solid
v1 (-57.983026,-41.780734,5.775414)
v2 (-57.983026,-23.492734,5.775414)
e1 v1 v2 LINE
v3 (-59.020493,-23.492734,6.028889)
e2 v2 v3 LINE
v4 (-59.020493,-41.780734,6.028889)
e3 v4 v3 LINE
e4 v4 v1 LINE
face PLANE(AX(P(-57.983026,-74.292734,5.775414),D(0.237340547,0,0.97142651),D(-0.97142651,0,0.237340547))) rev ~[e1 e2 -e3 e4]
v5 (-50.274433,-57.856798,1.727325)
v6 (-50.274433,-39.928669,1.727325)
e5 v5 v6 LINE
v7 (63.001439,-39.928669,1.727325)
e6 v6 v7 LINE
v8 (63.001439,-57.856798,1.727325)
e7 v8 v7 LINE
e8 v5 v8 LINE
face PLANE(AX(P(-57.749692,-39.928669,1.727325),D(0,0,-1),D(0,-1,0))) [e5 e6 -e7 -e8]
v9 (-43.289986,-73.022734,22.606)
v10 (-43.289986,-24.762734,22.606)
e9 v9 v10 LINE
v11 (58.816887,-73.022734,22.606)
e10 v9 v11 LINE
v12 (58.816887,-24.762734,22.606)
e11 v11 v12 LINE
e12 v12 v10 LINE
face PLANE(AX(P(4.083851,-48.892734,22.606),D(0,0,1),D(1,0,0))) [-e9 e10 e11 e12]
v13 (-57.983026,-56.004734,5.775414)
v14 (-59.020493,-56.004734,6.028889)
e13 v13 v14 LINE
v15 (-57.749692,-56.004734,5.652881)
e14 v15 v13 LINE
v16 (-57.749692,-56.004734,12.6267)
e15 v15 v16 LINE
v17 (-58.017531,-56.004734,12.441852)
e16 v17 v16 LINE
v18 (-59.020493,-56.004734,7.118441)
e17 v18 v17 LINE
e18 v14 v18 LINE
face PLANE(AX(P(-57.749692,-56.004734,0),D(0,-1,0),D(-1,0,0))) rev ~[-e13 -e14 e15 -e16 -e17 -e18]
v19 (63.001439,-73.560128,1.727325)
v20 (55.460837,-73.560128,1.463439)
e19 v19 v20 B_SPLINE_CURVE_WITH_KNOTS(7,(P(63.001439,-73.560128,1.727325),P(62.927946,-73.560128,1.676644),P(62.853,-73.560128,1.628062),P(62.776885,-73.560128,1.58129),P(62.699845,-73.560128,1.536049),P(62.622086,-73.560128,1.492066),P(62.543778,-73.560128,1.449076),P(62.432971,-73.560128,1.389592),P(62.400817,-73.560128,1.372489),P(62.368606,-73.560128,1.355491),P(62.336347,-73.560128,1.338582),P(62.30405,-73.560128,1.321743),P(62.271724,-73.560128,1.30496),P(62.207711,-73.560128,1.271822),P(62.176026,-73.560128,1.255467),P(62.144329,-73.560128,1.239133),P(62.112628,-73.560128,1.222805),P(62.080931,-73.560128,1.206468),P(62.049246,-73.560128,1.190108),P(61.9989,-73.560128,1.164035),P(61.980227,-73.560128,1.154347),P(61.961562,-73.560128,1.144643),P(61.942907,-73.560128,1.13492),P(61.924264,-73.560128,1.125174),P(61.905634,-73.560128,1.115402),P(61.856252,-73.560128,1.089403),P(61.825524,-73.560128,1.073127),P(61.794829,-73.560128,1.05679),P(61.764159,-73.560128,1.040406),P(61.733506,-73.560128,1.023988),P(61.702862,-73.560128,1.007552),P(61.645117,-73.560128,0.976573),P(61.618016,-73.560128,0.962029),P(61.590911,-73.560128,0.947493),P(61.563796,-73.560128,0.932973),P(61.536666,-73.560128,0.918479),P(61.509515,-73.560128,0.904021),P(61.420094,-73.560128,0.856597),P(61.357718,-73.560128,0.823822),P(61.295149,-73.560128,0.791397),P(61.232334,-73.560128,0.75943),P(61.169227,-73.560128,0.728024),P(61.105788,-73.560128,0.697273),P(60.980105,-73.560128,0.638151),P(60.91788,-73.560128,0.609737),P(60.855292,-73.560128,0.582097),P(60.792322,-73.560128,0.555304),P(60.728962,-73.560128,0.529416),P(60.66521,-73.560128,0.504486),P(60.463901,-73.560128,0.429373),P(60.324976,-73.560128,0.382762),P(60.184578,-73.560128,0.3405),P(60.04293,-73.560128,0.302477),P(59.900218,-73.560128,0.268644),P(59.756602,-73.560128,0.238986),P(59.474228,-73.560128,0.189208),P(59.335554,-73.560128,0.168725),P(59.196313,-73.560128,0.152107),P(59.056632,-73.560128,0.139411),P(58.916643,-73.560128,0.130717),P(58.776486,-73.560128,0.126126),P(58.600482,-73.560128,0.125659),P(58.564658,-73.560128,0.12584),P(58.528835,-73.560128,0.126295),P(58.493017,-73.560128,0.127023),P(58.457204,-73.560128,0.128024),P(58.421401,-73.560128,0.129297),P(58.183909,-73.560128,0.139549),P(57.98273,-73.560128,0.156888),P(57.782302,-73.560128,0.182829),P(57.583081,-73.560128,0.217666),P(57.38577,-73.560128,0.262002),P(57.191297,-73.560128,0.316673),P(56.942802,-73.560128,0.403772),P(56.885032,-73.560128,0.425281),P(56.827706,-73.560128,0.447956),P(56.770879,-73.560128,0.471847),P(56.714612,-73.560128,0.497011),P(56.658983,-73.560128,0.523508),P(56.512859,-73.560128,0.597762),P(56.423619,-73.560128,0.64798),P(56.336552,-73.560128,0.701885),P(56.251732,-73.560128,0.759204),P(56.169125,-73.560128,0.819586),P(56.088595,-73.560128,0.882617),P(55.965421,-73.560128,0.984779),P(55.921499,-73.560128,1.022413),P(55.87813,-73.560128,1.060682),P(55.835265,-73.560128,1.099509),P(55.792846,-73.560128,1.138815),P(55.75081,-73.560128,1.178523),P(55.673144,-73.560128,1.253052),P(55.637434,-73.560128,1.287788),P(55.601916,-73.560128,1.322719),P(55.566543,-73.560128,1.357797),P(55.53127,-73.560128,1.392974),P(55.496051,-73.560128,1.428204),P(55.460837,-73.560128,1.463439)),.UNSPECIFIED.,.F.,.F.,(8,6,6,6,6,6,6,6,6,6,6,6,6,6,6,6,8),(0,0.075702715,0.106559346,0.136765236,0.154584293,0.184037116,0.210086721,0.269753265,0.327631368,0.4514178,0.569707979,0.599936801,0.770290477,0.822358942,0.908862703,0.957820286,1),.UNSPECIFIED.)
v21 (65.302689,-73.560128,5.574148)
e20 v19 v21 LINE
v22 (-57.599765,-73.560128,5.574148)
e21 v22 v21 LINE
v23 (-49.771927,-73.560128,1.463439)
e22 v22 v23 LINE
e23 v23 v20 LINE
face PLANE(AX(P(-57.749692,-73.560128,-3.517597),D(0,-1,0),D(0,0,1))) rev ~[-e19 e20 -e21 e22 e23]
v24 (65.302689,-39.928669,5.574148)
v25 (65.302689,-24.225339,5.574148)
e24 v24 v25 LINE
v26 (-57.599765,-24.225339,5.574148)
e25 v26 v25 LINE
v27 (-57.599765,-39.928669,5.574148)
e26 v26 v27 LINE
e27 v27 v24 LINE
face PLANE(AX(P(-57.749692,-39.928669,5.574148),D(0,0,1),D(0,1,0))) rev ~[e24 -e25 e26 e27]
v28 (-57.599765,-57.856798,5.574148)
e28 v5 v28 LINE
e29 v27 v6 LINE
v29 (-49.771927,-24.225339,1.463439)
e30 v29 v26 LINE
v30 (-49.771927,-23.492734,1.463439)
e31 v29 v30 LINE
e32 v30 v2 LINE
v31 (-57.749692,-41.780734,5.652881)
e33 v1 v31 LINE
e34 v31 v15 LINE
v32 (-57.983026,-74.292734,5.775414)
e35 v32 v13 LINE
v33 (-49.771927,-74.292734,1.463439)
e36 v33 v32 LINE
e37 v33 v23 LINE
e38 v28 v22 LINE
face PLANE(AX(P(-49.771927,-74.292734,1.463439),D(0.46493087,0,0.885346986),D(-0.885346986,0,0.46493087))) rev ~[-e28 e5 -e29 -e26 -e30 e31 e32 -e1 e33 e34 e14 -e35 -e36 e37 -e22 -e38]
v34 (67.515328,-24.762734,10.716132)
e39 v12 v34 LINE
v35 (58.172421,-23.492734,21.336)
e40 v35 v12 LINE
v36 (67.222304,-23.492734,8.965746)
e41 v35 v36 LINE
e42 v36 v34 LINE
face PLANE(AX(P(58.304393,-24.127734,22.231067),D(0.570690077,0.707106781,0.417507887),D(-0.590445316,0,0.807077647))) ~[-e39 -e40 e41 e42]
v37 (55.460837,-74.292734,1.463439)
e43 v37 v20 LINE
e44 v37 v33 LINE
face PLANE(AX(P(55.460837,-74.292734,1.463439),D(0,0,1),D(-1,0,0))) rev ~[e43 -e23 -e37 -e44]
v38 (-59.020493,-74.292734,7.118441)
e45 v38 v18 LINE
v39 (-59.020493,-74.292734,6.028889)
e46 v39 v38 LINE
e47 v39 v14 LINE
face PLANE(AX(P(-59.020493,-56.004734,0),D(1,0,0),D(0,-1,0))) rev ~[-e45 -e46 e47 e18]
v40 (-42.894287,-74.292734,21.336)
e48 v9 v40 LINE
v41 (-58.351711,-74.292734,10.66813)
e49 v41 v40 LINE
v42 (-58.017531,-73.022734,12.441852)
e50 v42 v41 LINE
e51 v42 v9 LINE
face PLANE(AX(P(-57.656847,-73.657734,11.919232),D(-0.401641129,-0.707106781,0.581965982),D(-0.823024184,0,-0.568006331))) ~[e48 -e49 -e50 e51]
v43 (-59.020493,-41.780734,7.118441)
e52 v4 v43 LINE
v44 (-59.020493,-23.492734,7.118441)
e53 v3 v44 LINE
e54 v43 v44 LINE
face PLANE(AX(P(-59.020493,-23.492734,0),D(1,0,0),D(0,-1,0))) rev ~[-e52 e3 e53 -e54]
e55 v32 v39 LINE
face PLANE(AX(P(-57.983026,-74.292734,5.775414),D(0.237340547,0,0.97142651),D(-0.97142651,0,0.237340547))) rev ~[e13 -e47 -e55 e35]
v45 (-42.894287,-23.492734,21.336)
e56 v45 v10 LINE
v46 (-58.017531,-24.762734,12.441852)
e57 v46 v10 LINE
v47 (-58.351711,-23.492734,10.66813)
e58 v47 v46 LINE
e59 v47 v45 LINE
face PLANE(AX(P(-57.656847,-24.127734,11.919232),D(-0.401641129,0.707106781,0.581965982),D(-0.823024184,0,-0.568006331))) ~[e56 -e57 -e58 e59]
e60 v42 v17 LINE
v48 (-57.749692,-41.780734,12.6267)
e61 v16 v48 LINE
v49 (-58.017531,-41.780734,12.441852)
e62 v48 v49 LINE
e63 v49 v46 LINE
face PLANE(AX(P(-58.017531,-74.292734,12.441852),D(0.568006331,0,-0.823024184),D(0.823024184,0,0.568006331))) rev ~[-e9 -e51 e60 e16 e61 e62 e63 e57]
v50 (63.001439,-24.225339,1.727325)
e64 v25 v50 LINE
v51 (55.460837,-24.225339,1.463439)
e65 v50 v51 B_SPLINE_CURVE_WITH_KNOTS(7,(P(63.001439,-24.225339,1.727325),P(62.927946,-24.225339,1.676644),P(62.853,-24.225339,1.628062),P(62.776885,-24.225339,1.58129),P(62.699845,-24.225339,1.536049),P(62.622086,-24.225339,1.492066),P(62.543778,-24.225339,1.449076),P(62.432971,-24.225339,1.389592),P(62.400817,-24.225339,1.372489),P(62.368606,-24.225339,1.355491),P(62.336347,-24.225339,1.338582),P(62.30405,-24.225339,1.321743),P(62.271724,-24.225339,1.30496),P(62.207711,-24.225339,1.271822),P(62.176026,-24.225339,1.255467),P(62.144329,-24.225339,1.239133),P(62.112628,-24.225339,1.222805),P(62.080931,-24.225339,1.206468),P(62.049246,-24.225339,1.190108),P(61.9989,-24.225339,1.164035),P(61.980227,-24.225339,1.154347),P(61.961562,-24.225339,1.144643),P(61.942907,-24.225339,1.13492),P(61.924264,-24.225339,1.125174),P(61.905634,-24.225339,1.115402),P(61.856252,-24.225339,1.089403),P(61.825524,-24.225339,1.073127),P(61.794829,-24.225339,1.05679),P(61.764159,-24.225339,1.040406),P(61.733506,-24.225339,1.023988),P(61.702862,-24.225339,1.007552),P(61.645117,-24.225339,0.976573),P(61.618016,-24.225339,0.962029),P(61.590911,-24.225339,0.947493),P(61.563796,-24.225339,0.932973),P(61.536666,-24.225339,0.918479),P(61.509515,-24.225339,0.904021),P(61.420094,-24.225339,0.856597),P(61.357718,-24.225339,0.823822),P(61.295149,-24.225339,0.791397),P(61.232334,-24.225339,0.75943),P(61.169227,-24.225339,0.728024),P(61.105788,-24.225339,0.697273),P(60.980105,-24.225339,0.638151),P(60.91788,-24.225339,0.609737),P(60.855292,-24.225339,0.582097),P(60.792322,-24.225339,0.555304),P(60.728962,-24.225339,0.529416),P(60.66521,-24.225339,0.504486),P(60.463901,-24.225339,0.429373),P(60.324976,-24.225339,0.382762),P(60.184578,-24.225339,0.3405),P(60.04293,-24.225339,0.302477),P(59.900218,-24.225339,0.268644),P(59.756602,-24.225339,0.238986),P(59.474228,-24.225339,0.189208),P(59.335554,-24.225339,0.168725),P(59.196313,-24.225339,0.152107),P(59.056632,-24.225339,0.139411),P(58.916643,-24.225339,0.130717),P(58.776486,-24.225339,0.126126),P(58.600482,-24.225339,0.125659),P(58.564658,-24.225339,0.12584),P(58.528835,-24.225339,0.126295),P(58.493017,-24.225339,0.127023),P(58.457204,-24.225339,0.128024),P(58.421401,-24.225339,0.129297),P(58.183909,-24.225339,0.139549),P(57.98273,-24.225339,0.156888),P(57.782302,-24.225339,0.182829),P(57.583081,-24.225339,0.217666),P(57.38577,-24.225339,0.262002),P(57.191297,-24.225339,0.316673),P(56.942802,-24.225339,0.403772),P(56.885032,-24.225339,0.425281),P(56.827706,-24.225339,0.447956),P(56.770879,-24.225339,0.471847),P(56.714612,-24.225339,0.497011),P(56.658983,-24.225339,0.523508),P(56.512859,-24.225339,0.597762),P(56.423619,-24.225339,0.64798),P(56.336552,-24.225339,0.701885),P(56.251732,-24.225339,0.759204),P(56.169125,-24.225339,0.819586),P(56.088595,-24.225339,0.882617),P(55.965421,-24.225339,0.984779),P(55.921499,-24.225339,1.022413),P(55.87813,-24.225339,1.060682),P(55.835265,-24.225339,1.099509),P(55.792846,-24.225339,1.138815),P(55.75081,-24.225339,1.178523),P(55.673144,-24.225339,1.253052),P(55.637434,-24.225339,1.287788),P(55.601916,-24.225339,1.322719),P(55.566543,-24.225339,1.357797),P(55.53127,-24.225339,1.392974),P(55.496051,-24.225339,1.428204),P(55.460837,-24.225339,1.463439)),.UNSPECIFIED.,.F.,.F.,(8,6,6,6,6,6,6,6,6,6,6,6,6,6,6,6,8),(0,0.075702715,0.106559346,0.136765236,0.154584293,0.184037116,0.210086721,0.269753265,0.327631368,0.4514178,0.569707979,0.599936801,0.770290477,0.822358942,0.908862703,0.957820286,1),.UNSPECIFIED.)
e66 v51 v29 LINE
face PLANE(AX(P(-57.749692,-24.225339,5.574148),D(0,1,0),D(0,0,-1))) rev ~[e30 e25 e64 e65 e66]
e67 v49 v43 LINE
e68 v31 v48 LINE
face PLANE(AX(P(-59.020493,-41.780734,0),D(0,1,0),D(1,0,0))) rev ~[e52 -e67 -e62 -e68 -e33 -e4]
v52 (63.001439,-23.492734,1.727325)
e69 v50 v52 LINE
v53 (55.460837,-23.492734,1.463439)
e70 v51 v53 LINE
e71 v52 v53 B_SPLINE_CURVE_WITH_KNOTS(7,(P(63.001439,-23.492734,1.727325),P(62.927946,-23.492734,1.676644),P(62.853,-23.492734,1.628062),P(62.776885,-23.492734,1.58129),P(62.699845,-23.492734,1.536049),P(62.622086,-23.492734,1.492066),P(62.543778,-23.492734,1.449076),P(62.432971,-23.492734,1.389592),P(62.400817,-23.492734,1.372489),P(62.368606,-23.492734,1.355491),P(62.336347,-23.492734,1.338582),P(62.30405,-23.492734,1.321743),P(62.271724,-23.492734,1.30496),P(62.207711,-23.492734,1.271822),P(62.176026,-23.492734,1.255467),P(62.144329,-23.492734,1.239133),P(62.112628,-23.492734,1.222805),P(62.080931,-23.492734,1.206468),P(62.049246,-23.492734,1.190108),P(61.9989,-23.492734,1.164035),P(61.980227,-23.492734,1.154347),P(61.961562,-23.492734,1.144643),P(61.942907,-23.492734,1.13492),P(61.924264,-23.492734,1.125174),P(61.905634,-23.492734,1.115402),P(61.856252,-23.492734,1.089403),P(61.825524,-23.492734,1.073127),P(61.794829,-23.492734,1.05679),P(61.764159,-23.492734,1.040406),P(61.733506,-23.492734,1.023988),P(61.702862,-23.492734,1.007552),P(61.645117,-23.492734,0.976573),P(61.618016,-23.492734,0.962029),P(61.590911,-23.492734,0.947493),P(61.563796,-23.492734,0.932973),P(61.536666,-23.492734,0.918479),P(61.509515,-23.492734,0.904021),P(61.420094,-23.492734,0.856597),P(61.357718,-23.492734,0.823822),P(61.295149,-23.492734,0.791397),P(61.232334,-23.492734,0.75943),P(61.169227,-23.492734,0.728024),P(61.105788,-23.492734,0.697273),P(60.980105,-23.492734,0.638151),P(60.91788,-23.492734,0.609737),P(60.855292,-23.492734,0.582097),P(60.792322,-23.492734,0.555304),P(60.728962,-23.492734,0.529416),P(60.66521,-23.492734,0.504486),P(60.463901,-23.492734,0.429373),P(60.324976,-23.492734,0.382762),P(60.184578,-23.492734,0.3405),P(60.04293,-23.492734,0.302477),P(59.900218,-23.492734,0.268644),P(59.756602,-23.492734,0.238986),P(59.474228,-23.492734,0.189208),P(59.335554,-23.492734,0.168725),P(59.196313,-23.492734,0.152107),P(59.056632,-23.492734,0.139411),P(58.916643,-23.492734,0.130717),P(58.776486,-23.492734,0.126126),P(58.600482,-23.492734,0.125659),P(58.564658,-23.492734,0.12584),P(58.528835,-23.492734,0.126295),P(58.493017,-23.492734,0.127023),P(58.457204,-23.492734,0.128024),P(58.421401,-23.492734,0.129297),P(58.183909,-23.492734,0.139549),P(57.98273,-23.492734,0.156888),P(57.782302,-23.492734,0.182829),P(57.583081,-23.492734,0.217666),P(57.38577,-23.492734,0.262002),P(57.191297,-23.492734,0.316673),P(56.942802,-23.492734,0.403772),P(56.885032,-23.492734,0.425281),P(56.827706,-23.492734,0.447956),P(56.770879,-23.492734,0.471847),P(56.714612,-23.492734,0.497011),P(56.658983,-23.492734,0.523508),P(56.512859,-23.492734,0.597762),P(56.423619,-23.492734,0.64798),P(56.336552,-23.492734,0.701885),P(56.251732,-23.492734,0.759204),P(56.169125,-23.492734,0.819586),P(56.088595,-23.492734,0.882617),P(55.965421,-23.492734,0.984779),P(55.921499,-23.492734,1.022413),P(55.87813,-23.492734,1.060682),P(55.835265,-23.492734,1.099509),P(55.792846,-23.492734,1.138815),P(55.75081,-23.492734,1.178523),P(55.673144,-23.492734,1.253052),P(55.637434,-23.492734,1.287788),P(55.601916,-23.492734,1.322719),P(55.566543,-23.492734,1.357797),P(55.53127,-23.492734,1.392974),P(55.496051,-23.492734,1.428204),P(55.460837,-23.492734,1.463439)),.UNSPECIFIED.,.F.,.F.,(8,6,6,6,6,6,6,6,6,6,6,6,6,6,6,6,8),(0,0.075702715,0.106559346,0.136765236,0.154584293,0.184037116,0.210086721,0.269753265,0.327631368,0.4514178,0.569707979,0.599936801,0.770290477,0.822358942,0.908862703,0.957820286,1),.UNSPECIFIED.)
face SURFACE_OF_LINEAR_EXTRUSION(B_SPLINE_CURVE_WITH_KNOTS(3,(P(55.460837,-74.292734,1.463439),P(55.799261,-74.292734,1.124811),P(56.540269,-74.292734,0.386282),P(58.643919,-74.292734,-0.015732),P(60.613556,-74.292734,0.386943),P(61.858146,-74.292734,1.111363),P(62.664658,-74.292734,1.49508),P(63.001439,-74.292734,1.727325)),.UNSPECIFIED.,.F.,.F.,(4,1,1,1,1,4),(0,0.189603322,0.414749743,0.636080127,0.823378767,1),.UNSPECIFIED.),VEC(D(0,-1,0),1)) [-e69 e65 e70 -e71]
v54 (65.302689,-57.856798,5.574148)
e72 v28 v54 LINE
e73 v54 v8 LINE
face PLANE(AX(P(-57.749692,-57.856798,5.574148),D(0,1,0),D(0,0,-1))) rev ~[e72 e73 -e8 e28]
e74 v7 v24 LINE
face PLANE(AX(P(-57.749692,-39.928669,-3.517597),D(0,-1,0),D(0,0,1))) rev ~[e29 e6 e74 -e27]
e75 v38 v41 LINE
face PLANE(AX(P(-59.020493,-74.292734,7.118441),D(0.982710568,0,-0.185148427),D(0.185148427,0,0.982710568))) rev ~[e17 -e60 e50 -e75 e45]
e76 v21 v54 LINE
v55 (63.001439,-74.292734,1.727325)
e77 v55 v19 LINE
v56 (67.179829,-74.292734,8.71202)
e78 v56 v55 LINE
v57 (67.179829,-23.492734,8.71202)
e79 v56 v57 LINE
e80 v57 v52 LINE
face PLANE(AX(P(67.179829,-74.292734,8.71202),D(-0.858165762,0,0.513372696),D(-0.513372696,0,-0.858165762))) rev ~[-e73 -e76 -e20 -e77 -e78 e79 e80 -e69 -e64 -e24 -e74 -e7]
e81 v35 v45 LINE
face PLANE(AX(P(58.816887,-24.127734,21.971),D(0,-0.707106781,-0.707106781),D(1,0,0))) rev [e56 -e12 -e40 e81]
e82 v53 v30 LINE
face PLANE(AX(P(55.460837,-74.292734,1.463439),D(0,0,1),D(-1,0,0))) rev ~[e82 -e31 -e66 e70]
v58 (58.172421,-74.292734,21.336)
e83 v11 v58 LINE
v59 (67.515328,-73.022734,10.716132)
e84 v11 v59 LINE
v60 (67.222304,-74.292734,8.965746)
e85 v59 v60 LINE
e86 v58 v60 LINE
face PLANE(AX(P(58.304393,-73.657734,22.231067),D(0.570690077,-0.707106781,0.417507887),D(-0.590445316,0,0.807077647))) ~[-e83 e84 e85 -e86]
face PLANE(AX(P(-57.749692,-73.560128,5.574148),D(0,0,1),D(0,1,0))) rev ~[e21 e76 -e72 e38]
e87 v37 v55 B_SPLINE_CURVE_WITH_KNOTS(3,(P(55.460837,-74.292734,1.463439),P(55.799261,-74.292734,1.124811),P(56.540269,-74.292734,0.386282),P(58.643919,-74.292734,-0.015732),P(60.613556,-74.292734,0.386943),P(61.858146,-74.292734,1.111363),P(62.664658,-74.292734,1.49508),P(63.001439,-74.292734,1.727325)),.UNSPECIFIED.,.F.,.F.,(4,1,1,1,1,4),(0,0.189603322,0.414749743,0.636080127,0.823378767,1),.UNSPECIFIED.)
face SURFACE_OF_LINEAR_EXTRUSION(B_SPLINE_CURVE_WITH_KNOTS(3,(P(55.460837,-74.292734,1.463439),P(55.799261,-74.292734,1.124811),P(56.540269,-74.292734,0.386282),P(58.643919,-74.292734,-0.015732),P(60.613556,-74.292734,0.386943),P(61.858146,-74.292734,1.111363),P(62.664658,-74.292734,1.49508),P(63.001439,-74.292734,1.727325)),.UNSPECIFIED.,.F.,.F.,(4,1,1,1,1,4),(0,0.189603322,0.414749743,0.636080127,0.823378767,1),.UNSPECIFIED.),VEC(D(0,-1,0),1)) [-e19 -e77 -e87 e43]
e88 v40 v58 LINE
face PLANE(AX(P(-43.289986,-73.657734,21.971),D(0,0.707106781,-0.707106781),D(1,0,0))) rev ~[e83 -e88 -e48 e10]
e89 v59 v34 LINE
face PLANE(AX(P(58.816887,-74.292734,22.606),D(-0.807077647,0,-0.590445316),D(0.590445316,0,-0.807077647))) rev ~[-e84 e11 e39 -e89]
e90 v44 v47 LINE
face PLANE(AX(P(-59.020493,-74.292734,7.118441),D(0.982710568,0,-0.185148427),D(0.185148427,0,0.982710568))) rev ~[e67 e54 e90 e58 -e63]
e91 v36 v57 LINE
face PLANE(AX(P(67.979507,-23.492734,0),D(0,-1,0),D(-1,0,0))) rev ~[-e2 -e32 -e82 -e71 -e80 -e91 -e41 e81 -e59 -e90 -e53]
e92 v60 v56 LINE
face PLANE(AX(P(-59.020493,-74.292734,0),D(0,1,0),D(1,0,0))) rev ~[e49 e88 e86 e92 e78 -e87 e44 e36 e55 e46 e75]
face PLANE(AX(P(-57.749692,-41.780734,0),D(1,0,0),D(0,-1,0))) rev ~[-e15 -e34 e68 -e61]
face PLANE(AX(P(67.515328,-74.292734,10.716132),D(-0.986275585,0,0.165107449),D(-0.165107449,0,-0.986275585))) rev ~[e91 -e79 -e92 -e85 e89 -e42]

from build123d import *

# Parameters (mm, degrees)
F1_DEPTH = 22.606
F3_DEPTH = 56.642
F5_DEPTH = 123.952
F6_W     = 17.9281285021
F6_H     = 3.7313278299
F7_DEPTH = 131.318
F8_SIZE  = 1.27


with BuildPart() as f1:
    # F0 (on Top) → F1 (new body)
    with BuildSketch(Plane.XY):
        Polygon((67.9795068204, -48.892733641), (67.9795068204, -23.492733641), (-59.0204931796, -23.492733641), (-59.0204931796, -41.780733641), (-57.7496923506, -41.780733641), (-57.7496923506, -48.892733641), (-57.7496923506, -56.004733641), (-59.0204931796, -56.004733641), (-59.0204931796, -74.292733641), (67.9795068204, -74.292733641), align=None)
    extrude(amount=F1_DEPTH)

    # F2 (on face) → F3 (cut)
    with BuildSketch(Plane.XZ.offset(74.292733641)):
        Polygon((-59.0204931796, 22.606), (-59.0204931796, 7.1184414792), (-58.0175313886, 12.4418523751), (-43.2899855077, 22.606), align=None)
        with BuildLine():
            Line((55.4608365675, 1.4634394883), (-49.7719274679, 1.4634394883))
            Line((-49.7719274679, 1.4634394883), (-57.9830260793, 5.7754135323))
            Line((-57.9830260793, 5.7754135323), (-59.0204931796, 6.0288892267))
            Line((-59.0204931796, 6.0288892267), (-59.0204931796, 0))
            Line((-59.0204931796, 0), (67.9795068204, 0))
            Line((67.9795068204, 0), (67.9795068204, 22.606))
            Line((67.9795068204, 22.606), (58.8168874383, 22.606))
            Line((58.8168874383, 22.606), (67.5153278326, 10.7161320989))
            Line((67.5153278326, 10.7161320989), (67.1798294962, 8.7120201094))
            Line((67.1798294962, 8.7120201094), (63.0014389753, 1.7273251433))
            add(Edge.make_bspline(
                [(55.4608365675, 1.4634394883), (55.7992606547, 1.1248105944), (56.5402688521, 0.3862817839), (58.6439188352, -0.0157318094), (60.613555974, 0.3869426535), (61.8581460025, 1.1113634898), (62.6646578312, 1.4950803015), (63.0014389753, 1.7273251433)],
                knots=[0, 0, 0, 0, 0.1896033215, 0.4147497426, 0.6360801274, 0.8233787666, 1, 1, 1, 1], degree=3))
        make_face()
    extrude(amount=-F3_DEPTH, mode=Mode.SUBTRACT)

    # F4 (on face) → F5 (cut)
    with BuildSketch(Plane(origin=(-57.7496923506, 0, 0), x_dir=(0, -1, 0), z_dir=(-1, 0, 0))):
        Polygon((39.9286693899, 5.5741476826), (24.2253392935, 5.5741476826), (24.2253392935, 0.5848236615), (24.2253392935, -3.517596783), (39.9286693899, -3.517596783), (39.9286693899, 0.5848236615), align=None)
        Polygon((73.5601279885, 5.5741476826), (57.856797892, 5.5741476826), (57.856797892, 0.5848236615), (57.856797892, -3.517596783), (73.5601279885, -3.517596783), (73.5601279885, 0.5848236615), align=None)
    extrude(amount=-F5_DEPTH, mode=Mode.SUBTRACT)

    # F6 (on face) → F7 (cut)
    with BuildSketch(Plane(origin=(-57.7496923506, 0, 0), x_dir=(0, -1, 0), z_dir=(-1, 0, 0))):
        with Locations((48.892733641, -0.1383387716)):
            Rectangle(F6_W, F6_H)
    extrude(amount=-F7_DEPTH, mode=Mode.SUBTRACT)

    # F8
    f8_edges = [f1.edges().sort_by_distance(p)[0] for p in [
        (-50.653758, -23.492734, 17.523926),
        (-50.653758, -74.292734, 17.523926),
        (7.763451, -23.492734, 22.606),
        (7.763451, -74.292734, 22.606),
        (63.166108, -74.292734, 16.661066),
        (63.166108, -23.492734, 16.661066),
    ]]
    chamfer(f8_edges, length=F8_SIZE)


solid = f1.part
